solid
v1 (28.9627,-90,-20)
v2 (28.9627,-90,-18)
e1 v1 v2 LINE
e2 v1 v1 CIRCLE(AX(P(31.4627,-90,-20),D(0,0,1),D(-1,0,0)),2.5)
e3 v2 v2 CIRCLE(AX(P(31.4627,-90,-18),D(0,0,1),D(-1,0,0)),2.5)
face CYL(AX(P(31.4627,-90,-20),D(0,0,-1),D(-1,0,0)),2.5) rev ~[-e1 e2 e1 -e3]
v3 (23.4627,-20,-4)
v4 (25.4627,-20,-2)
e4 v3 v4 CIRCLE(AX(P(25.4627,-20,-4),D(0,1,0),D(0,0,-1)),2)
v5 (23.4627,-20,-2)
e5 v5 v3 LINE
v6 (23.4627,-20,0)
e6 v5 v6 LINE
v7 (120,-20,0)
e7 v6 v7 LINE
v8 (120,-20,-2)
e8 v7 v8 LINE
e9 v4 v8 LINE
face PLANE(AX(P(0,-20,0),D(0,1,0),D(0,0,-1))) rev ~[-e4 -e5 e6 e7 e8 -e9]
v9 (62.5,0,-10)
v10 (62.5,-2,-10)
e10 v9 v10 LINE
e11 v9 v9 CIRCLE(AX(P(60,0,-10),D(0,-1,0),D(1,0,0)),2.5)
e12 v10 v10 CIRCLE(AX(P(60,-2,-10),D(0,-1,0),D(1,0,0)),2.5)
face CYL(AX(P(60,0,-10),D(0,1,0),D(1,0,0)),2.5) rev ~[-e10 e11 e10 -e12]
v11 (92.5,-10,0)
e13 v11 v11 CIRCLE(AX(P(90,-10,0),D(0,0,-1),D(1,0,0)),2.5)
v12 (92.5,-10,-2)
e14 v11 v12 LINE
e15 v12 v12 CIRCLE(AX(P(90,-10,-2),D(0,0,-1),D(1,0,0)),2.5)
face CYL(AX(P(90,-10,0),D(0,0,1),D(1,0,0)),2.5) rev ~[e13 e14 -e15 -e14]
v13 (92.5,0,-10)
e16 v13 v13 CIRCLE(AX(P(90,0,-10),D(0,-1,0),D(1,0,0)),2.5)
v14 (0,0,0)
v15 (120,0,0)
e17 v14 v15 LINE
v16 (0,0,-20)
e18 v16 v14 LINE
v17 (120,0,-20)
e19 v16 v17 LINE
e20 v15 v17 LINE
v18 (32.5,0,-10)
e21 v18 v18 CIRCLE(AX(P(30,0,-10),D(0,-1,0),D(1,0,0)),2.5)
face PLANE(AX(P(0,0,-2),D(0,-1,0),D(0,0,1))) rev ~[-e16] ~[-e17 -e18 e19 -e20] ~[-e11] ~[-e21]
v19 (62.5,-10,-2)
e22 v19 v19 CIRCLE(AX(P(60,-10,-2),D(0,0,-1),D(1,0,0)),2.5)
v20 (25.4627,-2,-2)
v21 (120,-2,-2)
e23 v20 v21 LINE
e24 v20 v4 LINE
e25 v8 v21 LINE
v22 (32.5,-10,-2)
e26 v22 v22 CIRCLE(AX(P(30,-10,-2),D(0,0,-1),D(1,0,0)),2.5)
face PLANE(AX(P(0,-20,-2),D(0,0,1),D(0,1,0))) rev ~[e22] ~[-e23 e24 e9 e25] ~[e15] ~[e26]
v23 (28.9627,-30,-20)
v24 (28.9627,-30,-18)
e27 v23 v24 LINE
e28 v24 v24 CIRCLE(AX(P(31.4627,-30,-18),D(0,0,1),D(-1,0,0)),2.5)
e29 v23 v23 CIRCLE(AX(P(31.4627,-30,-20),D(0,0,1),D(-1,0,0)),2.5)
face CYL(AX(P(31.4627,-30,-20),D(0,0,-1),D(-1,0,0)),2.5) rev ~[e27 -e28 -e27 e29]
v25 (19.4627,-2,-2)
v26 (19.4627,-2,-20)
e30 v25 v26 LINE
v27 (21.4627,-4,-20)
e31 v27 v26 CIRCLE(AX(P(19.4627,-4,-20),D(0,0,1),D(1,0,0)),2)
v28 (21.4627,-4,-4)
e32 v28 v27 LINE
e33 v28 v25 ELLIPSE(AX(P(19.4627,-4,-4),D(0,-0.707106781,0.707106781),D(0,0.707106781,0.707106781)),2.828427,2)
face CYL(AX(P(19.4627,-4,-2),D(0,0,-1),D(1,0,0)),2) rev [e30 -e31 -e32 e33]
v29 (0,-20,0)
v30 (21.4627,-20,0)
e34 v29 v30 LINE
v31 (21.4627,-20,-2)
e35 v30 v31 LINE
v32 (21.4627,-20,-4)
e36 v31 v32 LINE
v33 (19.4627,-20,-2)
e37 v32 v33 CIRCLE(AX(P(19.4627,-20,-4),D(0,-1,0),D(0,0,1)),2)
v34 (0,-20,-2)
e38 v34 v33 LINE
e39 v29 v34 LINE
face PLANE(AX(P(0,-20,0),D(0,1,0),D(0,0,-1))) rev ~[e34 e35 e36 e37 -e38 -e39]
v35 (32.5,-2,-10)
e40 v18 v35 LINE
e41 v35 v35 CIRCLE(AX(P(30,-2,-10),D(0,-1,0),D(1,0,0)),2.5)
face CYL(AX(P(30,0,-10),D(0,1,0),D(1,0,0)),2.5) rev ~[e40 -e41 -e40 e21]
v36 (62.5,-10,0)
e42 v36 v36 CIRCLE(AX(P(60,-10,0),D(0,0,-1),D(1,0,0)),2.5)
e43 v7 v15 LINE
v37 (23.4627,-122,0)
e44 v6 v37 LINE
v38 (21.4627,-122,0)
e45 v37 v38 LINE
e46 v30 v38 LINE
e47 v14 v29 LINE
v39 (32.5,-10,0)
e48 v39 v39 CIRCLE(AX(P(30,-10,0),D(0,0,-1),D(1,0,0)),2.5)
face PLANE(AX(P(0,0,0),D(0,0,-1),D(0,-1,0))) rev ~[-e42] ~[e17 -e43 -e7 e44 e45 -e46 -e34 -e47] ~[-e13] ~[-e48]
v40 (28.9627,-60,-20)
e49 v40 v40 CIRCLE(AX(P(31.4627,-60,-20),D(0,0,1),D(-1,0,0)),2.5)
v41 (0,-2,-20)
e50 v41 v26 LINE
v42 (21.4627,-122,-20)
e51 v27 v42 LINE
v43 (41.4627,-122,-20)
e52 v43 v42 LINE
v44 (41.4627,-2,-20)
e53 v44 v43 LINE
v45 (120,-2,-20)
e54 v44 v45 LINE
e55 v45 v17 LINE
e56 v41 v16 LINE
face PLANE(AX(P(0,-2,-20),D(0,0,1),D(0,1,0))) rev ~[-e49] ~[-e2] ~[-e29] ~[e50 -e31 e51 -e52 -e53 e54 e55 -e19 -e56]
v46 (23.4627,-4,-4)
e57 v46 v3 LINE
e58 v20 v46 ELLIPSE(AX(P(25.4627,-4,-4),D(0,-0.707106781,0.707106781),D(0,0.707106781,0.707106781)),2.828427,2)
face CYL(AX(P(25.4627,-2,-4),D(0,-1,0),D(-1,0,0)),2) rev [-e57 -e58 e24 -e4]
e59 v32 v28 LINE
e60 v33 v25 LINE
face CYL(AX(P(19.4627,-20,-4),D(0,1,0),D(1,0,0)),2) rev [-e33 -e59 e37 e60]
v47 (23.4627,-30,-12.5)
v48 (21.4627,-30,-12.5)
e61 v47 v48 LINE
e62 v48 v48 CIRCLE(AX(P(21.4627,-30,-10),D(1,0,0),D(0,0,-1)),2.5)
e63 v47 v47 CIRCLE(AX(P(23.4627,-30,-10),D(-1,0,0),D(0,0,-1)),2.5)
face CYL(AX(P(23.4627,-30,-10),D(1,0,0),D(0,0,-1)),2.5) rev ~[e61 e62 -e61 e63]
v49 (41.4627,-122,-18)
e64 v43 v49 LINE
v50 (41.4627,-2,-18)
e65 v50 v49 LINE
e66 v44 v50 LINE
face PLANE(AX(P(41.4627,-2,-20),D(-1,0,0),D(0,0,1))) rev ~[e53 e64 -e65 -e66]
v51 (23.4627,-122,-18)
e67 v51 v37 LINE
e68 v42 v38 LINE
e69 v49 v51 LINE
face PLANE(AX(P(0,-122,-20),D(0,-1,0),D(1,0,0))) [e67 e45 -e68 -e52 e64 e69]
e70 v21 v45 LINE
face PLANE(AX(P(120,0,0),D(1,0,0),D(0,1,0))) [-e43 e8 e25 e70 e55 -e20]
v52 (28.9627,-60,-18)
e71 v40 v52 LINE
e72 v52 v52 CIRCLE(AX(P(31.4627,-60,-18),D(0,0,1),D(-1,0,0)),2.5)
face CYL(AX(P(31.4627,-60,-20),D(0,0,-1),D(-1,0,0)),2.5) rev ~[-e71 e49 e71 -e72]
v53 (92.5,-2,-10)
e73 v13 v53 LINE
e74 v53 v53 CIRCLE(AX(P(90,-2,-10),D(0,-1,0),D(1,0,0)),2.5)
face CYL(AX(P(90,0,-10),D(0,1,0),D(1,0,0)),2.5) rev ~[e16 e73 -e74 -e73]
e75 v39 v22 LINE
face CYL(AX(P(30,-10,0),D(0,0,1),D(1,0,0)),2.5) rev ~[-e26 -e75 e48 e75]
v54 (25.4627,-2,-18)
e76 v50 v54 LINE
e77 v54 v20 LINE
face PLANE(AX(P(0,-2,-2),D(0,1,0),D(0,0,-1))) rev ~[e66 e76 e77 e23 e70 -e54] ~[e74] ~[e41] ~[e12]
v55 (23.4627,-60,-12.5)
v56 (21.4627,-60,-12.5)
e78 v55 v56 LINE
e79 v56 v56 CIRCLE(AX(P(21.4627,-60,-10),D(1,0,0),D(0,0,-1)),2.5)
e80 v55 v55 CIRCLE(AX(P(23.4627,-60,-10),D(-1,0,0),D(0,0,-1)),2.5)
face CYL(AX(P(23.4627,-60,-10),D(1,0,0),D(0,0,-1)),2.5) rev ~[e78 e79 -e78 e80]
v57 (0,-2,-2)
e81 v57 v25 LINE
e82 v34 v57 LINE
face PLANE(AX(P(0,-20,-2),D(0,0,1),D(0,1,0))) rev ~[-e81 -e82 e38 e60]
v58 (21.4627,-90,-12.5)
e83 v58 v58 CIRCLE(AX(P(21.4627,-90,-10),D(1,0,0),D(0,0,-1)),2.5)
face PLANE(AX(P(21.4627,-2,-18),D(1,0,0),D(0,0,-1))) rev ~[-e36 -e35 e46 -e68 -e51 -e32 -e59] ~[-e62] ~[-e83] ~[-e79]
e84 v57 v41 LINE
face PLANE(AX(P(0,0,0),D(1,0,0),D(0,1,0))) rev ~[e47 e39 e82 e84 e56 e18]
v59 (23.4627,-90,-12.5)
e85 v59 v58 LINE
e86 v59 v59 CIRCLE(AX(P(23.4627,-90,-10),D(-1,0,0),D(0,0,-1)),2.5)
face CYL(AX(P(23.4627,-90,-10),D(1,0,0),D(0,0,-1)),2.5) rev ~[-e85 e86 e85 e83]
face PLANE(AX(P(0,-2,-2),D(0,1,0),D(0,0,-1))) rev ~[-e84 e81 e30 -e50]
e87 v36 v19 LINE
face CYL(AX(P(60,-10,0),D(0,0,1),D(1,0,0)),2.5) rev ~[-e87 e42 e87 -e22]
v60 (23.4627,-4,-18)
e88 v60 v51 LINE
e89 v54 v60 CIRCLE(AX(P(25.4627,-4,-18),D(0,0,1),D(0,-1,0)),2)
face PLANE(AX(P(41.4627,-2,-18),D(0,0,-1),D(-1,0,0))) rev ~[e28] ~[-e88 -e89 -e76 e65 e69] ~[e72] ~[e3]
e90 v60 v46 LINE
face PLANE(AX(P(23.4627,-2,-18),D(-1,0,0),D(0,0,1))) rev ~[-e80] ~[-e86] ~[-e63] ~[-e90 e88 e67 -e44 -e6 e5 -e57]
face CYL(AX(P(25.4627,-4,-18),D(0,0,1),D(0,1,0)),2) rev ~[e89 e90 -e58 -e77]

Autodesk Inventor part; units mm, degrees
ref_plane "YZ Plane" through (0, 0, 0) normal (1, 0, 0) x (0, 1, 0)
ref_plane "XZ Plane" through (0, 0, 0) normal (0, 1, 0) x (-1, 0, 0)
ref_plane "XY Plane" through (0, 0, 0) normal (0, 0, 1) x (1, 0, 0)
sketch "Sketch1" plane through (0, 0, 0) normal (1, 0, 0) x (0, 1, 0)
  line L0 (0, 0) -> (-20, 0)
  line L1 (-20, 0) -> (-20, -2)
  line L2 (-20, -2) -> (0, -2)
  line L3 (0, -2) -> (0, 0)
  line L4 (0, 0) -> (-2, 0)
  line L5 (-2, 0) -> (-2, -20)
  line L6 (-2, -20) -> (0, -20)
  line L7 (0, -20) -> (0, 0)
  dimension "d0" = 20
  dimension "d1" = 2
  dimension "d2" = 2
  dimension "d3" = 20
extrude "Extrusion1" add sketch "Sketch1" along normal blind 120
sketch "Sketch2" plane through (0, 0, 0) normal (0, 1, 0) x (1, 0, 0)
  line L0 (0, 20) -> (0, 0) projected
  line L1 (0, 0) -> (0, 10)
  line L2 (0, 10) -> (30, 10)
  circle A0 centre (30, 10) radius 2.5
  dimension "d6" = 10
  dimension "d7" = 30
  dimension "d8" = 5
extrude "Extrusion2" cut sketch "Sketch2" against normal blind 120
pattern_linear "Rectangular Pattern1" count 3 spacing 30 along (1, 0, 0) of "Extrusion2"
sketch "Sketch3" plane through (0, -20, 0) normal (0, 0, 1) x (1, 0, 0)
  line L0 (0, 0) -> (0, 18) projected
  line L1 (0, 0) -> (0, 10)
  line L2 (0, 10) -> (30, 10)
  circle A0 centre (30, 10) radius 2.5
  point P0 (0, 20)
  dimension "d14" = 10
  dimension "d15" = 30
  dimension "d16" = 5
extrude "Extrusion3" cut sketch "Sketch3" against normal blind 120
pattern_linear "Rectangular Pattern2" count 3 spacing 30 along (1, 0, 0) of "Extrusion3"
sketch "Sketch4" plane through (0, -2, -20) normal (0, -1, 0) x (1, 0, 0)
  line L0 (0, 0) -> (120, 0) projected
  line L1 (21.4627, 0) -> (41.4627, 0)
  line L2 (41.4627, 0) -> (41.4627, 2)
  line L3 (41.4627, 2) -> (21.4627, 2)
  line L4 (21.4627, 2) -> (21.4627, 0)
  line L5 (21.4627, 0) -> (23.4627, 0)
  line L6 (23.4627, 0) -> (23.4627, 20)
  line L7 (23.4627, 20) -> (21.4627, 20)
  line L8 (21.4627, 20) -> (21.4627, 0)
  point P0 (0, 20)
  dimension "d22" = 20
  dimension "d23" = 2
  dimension "d24" = 2
extrude "Extrusion4" add sketch "Sketch4" along normal blind 120
sketch "Sketch5" plane through (23.4627, -2, -2) normal (1, 0, 0) x (0, 0, -1)
  line L0 (0, -18) -> (0, 0) projected
  line L1 (-2, -18) -> (0, -18) projected
  line L2 (-2, -18) -> (-2, -120) projected
  line L3 (16, -120) -> (-2, -120) projected
  line L4 (16, -120) -> (16, 0) projected
  line L5 (0, 0) -> (16, 0) projected
  line L6 (-2, 2) -> (-2, -18) projected
  line L7 (-2, -18) -> (0, -18) projected
  line L8 (0, -18) -> (0, 0) projected
  line L9 (0, 0) -> (18, 0) projected
  line L10 (18, 0) -> (18, 2) projected
  line L11 (18, 2) -> (-2, 2) projected
  line L12 (18, 2) -> (-2, 2) projected
  line L13 (-2, 2) -> (8, 2)
  line L14 (8, 2) -> (8, -28)
  circle A0 centre (8, -28) radius 2.5
  dimension "d27" = 30
  dimension "d28" = 5
extrude "Extrusion5" cut sketch "Sketch5" against normal blind 120 contours A0
pattern_linear "Rectangular Pattern3" count 3 spacing 30 along (0, -1, 0) of "Extrusion5"
sketch "Sketch6" plane through (120, 0, -20) normal (0, 0, -1) x (-1, 0, 0)
  line L0 (98.5373, -2) -> (98.5373, -122) projected
  line L1 (98.5373, -2) -> (98.5373, 0)
  line L2 (98.5373, 0) -> (88.5373, 0)
  line L3 (120, 0) -> (0, 0) projected
  line L4 (88.5373, 0) -> (88.5373, -30)
  circle A0 centre (88.5373, -30) radius 2.5
  dimension "d34" = 10
  dimension "d35" = 30
  dimension "d36" = 5
extrude "Extrusion6" cut sketch "Sketch6" against normal blind 120
pattern_linear "Rectangular Pattern4" count 3 spacing 30 along (0, -1, 0) of "Extrusion6"
fillet "Fillet1" radius 2 2 edges at (21.4627, -11, -2) (21.4627, -2, -11)
fillet "Fillet2" radius 2 2 edges at (23.4627, -2, -10) (23.4627, -11, -2)
properties part number "lol"
